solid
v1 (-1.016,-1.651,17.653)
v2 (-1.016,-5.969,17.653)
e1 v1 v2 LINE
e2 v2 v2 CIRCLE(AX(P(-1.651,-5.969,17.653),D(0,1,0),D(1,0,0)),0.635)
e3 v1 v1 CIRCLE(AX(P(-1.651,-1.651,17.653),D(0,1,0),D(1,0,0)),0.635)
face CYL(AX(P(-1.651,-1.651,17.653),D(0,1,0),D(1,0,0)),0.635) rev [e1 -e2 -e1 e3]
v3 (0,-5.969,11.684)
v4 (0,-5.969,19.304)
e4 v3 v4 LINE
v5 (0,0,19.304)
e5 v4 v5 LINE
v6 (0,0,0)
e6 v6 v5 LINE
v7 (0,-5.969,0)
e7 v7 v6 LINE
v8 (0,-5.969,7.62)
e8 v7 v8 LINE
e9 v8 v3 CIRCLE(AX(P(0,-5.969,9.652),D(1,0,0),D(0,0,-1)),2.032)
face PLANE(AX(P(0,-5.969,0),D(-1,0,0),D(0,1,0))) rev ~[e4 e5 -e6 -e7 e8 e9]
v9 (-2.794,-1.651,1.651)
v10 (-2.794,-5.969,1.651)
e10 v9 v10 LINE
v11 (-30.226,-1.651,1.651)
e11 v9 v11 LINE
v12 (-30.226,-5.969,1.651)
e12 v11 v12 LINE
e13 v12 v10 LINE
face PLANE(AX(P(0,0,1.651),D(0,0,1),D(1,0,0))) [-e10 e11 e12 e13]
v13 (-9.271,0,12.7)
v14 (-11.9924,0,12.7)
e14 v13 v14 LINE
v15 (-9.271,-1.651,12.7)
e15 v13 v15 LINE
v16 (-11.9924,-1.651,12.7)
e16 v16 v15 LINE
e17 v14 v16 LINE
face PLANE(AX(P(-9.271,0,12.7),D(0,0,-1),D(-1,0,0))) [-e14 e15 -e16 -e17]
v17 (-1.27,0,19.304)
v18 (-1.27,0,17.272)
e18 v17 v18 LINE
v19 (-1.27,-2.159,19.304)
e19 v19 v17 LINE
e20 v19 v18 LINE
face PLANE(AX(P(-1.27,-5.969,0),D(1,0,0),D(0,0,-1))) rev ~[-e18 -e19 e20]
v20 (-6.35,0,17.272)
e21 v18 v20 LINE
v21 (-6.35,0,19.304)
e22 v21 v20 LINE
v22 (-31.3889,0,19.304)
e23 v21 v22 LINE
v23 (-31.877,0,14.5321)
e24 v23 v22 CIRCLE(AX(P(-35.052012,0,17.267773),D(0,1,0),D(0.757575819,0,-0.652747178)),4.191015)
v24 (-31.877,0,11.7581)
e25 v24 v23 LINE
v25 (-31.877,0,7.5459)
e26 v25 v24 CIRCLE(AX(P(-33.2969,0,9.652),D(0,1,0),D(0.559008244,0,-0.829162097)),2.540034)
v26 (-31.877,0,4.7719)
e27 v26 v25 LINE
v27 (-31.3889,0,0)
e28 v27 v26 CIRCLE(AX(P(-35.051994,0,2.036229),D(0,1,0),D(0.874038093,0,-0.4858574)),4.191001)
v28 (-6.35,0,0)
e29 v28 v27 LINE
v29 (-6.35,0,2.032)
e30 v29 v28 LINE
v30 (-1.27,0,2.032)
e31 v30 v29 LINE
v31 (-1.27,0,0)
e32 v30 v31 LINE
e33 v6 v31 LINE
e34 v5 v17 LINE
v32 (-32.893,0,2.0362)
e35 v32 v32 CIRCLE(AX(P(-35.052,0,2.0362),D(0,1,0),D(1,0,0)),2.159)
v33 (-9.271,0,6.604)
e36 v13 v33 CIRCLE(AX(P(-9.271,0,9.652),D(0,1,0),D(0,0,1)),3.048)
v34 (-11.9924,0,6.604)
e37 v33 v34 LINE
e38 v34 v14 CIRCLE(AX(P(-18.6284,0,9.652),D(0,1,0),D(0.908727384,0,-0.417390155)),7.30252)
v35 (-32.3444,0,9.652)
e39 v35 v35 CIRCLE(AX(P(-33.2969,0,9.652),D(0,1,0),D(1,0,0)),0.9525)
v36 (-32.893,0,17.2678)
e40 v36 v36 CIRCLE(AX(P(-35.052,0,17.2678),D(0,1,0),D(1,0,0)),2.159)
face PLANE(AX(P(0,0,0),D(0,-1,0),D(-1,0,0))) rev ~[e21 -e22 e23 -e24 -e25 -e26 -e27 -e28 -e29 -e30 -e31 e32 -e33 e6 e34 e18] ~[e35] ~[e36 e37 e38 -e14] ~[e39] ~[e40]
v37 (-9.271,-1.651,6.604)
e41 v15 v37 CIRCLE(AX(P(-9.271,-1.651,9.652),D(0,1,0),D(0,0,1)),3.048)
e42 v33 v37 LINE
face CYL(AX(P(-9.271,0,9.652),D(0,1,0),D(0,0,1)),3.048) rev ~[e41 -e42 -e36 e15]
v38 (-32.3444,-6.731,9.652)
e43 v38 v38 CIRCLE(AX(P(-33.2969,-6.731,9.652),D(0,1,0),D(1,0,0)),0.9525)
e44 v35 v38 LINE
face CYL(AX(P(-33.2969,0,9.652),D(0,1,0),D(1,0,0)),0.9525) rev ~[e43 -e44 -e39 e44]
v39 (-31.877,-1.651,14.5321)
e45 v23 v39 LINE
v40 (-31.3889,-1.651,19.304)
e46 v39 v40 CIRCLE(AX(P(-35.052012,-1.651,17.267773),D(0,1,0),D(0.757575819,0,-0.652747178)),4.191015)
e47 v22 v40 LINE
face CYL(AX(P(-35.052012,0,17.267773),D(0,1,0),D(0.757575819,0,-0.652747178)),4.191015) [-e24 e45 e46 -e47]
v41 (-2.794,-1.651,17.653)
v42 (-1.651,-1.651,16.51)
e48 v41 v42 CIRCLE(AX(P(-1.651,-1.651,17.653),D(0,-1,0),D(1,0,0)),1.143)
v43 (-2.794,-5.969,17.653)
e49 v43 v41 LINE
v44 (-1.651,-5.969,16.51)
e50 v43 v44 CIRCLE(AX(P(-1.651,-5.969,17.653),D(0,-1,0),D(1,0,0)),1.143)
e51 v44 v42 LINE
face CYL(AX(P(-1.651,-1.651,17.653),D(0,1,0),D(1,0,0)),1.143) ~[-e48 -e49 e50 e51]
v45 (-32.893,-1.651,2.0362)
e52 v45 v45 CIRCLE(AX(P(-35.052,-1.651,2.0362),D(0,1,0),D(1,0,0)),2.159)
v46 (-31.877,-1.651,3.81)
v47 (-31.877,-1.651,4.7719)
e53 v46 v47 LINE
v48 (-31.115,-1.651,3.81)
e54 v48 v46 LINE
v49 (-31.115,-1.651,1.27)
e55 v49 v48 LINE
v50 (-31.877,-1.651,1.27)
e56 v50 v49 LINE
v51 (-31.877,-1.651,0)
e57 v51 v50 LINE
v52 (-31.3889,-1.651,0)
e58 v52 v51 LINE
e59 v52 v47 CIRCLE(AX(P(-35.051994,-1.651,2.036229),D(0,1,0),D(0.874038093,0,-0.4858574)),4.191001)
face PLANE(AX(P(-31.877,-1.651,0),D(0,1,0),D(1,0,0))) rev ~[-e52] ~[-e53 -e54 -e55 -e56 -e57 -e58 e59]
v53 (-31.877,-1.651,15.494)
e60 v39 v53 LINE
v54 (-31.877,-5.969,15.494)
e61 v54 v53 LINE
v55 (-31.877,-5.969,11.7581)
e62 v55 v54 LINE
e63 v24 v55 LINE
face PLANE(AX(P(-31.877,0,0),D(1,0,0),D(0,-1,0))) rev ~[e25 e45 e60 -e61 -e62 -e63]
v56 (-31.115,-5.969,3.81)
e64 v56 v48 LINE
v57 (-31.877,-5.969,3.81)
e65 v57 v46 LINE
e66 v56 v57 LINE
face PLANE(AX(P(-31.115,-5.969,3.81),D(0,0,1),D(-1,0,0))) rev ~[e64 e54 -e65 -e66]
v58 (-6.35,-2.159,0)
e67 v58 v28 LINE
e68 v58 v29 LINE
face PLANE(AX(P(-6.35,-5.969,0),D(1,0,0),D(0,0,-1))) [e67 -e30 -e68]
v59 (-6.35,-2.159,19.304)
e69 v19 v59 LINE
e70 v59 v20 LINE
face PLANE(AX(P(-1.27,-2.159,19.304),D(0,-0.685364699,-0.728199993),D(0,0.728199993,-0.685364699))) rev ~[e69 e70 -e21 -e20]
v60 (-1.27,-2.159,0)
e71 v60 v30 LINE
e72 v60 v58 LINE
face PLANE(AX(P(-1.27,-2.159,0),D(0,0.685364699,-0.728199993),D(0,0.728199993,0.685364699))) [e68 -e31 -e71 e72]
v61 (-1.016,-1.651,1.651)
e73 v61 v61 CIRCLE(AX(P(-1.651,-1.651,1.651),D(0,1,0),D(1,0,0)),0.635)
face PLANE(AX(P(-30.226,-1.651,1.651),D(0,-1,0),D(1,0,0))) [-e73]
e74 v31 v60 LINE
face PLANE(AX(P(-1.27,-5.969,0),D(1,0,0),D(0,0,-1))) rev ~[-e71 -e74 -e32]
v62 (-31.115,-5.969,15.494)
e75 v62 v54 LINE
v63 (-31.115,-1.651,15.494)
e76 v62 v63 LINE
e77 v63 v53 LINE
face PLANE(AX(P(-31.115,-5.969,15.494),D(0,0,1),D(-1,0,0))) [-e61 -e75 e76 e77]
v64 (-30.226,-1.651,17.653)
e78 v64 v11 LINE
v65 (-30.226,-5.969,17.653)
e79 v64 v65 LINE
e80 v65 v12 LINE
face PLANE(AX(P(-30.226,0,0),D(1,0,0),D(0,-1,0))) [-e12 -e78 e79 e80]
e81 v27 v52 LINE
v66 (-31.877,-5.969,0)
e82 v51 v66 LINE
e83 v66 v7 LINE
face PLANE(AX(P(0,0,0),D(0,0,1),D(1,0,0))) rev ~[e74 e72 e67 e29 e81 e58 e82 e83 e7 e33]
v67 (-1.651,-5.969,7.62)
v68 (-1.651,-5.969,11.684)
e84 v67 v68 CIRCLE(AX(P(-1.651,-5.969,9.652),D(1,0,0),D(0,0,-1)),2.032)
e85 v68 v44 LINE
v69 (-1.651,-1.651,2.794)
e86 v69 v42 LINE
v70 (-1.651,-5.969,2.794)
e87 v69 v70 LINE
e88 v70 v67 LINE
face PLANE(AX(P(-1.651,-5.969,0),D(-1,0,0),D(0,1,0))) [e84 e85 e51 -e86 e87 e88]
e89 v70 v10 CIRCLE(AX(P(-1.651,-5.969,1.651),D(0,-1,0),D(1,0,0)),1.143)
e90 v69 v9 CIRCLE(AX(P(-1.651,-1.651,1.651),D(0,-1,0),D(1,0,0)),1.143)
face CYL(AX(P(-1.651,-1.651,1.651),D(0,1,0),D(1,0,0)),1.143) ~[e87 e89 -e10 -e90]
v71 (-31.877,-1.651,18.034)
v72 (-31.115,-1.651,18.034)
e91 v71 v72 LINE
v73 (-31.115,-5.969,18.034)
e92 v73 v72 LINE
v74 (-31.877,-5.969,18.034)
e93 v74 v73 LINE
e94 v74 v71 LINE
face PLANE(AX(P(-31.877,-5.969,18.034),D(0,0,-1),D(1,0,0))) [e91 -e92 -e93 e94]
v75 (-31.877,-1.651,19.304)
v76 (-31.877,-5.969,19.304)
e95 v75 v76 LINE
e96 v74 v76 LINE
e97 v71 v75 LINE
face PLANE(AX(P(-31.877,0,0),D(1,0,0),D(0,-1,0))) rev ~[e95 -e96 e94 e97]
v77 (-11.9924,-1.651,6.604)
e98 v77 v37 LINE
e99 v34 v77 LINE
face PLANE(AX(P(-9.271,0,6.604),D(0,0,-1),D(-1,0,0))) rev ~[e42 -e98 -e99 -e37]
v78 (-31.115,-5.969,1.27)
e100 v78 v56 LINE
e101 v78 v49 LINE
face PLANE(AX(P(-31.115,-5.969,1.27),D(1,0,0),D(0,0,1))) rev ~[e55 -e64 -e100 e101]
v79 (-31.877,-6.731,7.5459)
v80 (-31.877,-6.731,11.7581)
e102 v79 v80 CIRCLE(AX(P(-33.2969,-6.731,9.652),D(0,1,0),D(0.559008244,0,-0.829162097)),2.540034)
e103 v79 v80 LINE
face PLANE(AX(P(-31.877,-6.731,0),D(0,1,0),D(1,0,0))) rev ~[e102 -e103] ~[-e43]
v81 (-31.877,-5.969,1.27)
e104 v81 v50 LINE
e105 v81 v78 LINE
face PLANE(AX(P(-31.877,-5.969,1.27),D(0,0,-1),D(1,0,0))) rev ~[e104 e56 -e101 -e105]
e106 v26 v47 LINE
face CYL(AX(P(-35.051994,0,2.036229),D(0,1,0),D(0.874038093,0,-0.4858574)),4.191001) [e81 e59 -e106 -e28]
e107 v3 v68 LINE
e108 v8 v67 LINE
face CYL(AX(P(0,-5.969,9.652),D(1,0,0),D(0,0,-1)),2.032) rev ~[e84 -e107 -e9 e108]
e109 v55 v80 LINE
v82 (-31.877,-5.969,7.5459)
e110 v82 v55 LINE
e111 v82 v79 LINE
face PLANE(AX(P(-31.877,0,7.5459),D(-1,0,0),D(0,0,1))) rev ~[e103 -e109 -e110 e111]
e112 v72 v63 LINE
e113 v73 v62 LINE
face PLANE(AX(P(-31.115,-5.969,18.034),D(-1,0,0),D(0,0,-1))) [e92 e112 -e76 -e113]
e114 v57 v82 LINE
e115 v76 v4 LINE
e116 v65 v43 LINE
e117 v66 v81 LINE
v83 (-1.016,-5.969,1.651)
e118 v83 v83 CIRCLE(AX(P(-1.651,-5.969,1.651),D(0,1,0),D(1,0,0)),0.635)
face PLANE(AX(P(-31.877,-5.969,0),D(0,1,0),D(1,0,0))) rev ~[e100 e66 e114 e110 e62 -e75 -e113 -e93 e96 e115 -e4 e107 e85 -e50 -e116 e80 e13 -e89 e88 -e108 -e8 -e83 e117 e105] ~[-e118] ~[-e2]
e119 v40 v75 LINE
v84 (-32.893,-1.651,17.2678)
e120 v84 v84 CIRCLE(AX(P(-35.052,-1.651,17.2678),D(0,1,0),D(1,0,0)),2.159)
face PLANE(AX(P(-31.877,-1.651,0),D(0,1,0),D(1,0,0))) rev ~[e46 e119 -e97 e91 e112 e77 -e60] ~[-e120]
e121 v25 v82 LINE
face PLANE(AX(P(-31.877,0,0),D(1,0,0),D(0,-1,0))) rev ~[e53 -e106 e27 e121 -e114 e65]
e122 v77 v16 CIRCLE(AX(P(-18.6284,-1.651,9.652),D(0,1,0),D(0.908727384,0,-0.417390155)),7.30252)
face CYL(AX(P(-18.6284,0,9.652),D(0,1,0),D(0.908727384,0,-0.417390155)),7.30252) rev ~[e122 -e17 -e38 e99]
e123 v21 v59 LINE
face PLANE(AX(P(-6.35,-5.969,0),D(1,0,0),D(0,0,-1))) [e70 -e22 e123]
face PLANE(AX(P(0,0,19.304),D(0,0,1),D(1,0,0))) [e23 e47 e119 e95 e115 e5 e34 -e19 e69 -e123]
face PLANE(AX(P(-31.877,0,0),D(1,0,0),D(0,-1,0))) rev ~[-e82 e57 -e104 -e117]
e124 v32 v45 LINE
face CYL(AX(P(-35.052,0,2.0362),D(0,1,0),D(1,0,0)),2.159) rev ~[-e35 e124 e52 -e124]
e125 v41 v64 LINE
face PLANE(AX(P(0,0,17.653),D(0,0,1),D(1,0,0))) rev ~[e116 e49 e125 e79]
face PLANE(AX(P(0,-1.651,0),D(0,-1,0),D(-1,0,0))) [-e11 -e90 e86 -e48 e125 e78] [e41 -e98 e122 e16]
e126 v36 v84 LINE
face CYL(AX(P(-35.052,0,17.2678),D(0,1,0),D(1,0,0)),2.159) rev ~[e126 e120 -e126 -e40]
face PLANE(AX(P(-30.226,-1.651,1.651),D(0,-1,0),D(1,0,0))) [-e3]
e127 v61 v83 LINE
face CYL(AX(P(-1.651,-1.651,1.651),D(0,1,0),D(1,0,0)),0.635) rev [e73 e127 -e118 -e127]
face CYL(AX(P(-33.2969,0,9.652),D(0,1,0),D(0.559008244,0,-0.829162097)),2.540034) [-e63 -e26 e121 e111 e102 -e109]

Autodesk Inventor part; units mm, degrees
ref_plane "YZ Plane" through (0, 0, 0) normal (1, 0, 0) x (0, 1, 0)
ref_plane "XZ Plane" through (0, 0, 0) normal (0, 1, 0) x (-1, 0, 0)
ref_plane "XY Plane" through (0, 0, 0) normal (0, 0, 1) x (1, 0, 0)
sketch "Sketch1" plane through (0, 0, 0) normal (0, 0, 1) x (1, 0, 0)
  line L0 (0, 0) -> (-31.877, 0)
  line L1 (-31.877, 0) -> (-31.877, -5.969)
  line L2 (-31.877, -5.969) -> (0, -5.969)
  line L3 (0, -5.969) -> (0, 0)
  dimension "d0" = 31.877
  dimension "d1" = 5.969
extrude "Extrusion1" add sketch "Sketch1" along normal blind 19.304
shell "Shell1" thickness 1.651 removed faces 1 at (-21.2513, -5.969, 12.8693)
sketch "Sketch2" plane through (-31.877, 0, 0) normal (0, 1, 0) x (1, 0, 0)
  arc A0 (19.8846, -6.604) -> (19.8846, -12.7) centre (13.2486, -9.652) ccw
  arc A1 (0, -7.5459) -> (0, -11.7581) centre (-1.4199, -9.652) ccw
  line L0 (0, 0) -> (0, -19.304) projected
  line L1 (0, 0) -> (0, -19.304) projected
  circle A2 centre (-1.4199, -9.652) radius 0.9525
  arc A3 (22.606, -12.7) -> (22.606, -6.604) centre (22.606, -9.652) ccw
  line L2 (31.877, 0) -> (31.877, -19.304) projected
  line L3 (22.606, -12.7) -> (19.8846, -12.7)
  line L4 (22.606, -6.604) -> (19.8846, -6.604)
  circle A4 centre (-3.175, -17.2678) radius 2.159
  arc A5 (0, -14.5321) -> (0.4881, -19.304) centre (-3.175, -17.2678) ccw
  line L5 (31.877, -19.304) -> (0, -19.304) construction
  line L6 (13.2486, -9.652) -> (-12.5267, -9.652) construction
  circle A6 centre (-3.175, -2.0362) radius 2.159
  arc A7 (0.4881, 0) -> (0, -4.7719) centre (-3.175, -2.0362) ccw
  line L7 (31.877, 0) -> (0, 0) projected
  line L8 (0, 0) -> (0, -19.304) projected
  line L9 (31.877, -19.304) -> (0, -19.304) projected
  line L10 (31.877, 0) -> (31.877, -19.304) projected
  point P0 (-3.9599, -9.652)
  point P1 (0, -9.652)
  point P2 (5.9461, -9.652)
  point P3 (13.2486, -2.3495)
  point P4 (25.654, -9.652)
  point P5 (-7.366, -17.2678)
  point P6 (-1.4199, -12.192)
  point P7 (-1.4199, -13.462)
  point P8 (0.4881, 0)
  point P9 (0, -4.7719)
  point P10 (0.4881, -19.304)
  point P11 (0, -14.5321)
  dimension "d5" = 14.605
  dimension "d6" = 5.08
  dimension "d8" = 1.905
  dimension "d11" = 9.906
  dimension "d12" = 6.223
  dimension "d13" = 6.096
  dimension "d16" = 4.318
  dimension "d17" = 2.032
  dimension "d18" = 7.366
  dimension "d19" = 1.27
extrude "Extrusion2" add sketch "Sketch2" against normal blind 6.731 contours L0 A1
extrude "Extrusion3" cut sketch "Sketch2" against normal through all contours L4 A3 L3 A0
extrude "Extrusion4" add sketch "Sketch2" against normal blind 1.651 contours A7 L7 L0 | L0 L9 A5
sketch "Sketch3" plane through (0, -5.969, 0) normal (1, 0, 0) x (0, 0, -1)
  line L0 (0, 0) -> (-19.304, 0) projected
  arc A0 (-7.62, 0) -> (-11.684, 0) centre (-9.652, 0) ccw
  line L1 (0, 0) -> (0, 5.969) projected
  line L2 (0, 5.969) -> (-19.304, 5.969) projected
  line L3 (-19.304, 0) -> (-19.304, 5.969) projected
  line L4 (0, 0) -> (-19.304, 0) projected
  point P0 (-7.62, 0)
extrude "Extrusion5" cut sketch "Sketch3" against normal up to surface (1.651 mm away) contours L0 A0
ref_plane "Work Plane1" through (-1.27, -5.969, 0) normal (1, 0, 0) x (0, 0, -1)
sketch "Sketch4" plane through (-1.27, -5.969, 0) normal (1, 0, 0) x (0, 0, -1)
  line L0 (0, 4.318) -> (0, 0) projected
  line L1 (0, 3.81) -> (-2.032, 5.969)
  line L2 (-4.1952, 5.969) -> (0.1228, 5.969) projected
  line L3 (-2.032, 5.969) -> (0, 5.969)
  line L4 (0, 3.81) -> (0, 5.969)
  line L5 (0, 5.969) -> (-19.304, 5.969) construction
  line L6 (-9.652, 5.969) -> (-9.652, 0) construction
  line L7 (-1.651, 0) -> (-17.653, 0) construction
  line L8 (-19.304, 3.81) -> (-17.272, 5.969)
  line L9 (-19.304, 3.81) -> (-19.304, 5.969)
  line L10 (-19.304, 5.969) -> (-19.304, 4.318) projected
  line L11 (-19.304, 5.969) -> (-17.272, 5.969)
  dimension "d27" = 3.81
  dimension "d28" = 2.032
extrude "Extrusion6" cut sketch "Sketch4" against normal blind 5.08
sketch "Sketch5" plane through (-31.877, -5.969, 0) normal (0, -1, 0) x (1, 0, 0)
  line L0 (0, 11.7581) -> (0, 19.304) projected
  line L1 (0, 18.034) -> (0.762, 18.034)
  line L2 (0.762, 18.034) -> (0.762, 15.494)
  line L3 (0.762, 15.494) -> (0, 15.494)
  line L4 (0, 15.494) -> (0, 18.034)
  line L5 (0, 19.304) -> (31.877, 19.304) projected
  line L6 (0, 7.5459) -> (0, 11.7581) construction
  line L7 (0, 9.652) -> (31.877, 9.652) construction
  line L8 (31.877, 0) -> (31.877, 19.304) construction
  line L9 (0, 1.27) -> (0.762, 1.27)
  line L10 (0.762, 1.27) -> (0.762, 3.81)
  line L11 (0.762, 3.81) -> (0, 3.81)
  line L12 (0, 3.81) -> (0, 1.27)
  point P0 (0, 15.494)
  dimension "d31" = 0.762
  dimension "d32" = 2.54
  dimension "d33" = 1.27
extrude "Extrusion7" cut sketch "Sketch5" against normal up to surface (4.318 mm away)
sketch "Sketch6" plane through (-30.226, -1.651, 1.651) normal (0, -1, 0) x (1, 0, 0)
  circle A0 centre (28.575, 0) radius 0.635
  circle A1 centre (28.575, 0) radius 1.143
  line L0 (28.575, 0) -> (0, 0) projected
  line L1 (28.575, 5.969) -> (28.575, 0) projected
  line L2 (30.226, -1.651) -> (30.226, 17.653) construction
  line L3 (30.226, 8.001) -> (-7.0549, 8.001) construction
  circle A2 centre (28.575, 16.002) radius 0.635
  circle A3 centre (28.575, 16.002) radius 1.143
  point P0 (27.432, 0)
  point P1 (28.575, 1.143)
  point P2 (28.575, 0.635)
  point P3 (27.94, 0)
  dimension "d36" = 1.27
  dimension "d37" = 0.508
extrude "Extrusion8" add sketch "Sketch6" along normal up to surface (4.318 mm away) contours A0 L0 A1 L1 | A3 picked at (27.6162, 0.1319)
extrude "Extrusion9" cut sketch "Sketch6" along normal up to surface (4.318 mm away) contours A0 L0 L1 | L1 L0 A0 | A2
properties part number "Back Half Torso" material "Phenolic Resin"
